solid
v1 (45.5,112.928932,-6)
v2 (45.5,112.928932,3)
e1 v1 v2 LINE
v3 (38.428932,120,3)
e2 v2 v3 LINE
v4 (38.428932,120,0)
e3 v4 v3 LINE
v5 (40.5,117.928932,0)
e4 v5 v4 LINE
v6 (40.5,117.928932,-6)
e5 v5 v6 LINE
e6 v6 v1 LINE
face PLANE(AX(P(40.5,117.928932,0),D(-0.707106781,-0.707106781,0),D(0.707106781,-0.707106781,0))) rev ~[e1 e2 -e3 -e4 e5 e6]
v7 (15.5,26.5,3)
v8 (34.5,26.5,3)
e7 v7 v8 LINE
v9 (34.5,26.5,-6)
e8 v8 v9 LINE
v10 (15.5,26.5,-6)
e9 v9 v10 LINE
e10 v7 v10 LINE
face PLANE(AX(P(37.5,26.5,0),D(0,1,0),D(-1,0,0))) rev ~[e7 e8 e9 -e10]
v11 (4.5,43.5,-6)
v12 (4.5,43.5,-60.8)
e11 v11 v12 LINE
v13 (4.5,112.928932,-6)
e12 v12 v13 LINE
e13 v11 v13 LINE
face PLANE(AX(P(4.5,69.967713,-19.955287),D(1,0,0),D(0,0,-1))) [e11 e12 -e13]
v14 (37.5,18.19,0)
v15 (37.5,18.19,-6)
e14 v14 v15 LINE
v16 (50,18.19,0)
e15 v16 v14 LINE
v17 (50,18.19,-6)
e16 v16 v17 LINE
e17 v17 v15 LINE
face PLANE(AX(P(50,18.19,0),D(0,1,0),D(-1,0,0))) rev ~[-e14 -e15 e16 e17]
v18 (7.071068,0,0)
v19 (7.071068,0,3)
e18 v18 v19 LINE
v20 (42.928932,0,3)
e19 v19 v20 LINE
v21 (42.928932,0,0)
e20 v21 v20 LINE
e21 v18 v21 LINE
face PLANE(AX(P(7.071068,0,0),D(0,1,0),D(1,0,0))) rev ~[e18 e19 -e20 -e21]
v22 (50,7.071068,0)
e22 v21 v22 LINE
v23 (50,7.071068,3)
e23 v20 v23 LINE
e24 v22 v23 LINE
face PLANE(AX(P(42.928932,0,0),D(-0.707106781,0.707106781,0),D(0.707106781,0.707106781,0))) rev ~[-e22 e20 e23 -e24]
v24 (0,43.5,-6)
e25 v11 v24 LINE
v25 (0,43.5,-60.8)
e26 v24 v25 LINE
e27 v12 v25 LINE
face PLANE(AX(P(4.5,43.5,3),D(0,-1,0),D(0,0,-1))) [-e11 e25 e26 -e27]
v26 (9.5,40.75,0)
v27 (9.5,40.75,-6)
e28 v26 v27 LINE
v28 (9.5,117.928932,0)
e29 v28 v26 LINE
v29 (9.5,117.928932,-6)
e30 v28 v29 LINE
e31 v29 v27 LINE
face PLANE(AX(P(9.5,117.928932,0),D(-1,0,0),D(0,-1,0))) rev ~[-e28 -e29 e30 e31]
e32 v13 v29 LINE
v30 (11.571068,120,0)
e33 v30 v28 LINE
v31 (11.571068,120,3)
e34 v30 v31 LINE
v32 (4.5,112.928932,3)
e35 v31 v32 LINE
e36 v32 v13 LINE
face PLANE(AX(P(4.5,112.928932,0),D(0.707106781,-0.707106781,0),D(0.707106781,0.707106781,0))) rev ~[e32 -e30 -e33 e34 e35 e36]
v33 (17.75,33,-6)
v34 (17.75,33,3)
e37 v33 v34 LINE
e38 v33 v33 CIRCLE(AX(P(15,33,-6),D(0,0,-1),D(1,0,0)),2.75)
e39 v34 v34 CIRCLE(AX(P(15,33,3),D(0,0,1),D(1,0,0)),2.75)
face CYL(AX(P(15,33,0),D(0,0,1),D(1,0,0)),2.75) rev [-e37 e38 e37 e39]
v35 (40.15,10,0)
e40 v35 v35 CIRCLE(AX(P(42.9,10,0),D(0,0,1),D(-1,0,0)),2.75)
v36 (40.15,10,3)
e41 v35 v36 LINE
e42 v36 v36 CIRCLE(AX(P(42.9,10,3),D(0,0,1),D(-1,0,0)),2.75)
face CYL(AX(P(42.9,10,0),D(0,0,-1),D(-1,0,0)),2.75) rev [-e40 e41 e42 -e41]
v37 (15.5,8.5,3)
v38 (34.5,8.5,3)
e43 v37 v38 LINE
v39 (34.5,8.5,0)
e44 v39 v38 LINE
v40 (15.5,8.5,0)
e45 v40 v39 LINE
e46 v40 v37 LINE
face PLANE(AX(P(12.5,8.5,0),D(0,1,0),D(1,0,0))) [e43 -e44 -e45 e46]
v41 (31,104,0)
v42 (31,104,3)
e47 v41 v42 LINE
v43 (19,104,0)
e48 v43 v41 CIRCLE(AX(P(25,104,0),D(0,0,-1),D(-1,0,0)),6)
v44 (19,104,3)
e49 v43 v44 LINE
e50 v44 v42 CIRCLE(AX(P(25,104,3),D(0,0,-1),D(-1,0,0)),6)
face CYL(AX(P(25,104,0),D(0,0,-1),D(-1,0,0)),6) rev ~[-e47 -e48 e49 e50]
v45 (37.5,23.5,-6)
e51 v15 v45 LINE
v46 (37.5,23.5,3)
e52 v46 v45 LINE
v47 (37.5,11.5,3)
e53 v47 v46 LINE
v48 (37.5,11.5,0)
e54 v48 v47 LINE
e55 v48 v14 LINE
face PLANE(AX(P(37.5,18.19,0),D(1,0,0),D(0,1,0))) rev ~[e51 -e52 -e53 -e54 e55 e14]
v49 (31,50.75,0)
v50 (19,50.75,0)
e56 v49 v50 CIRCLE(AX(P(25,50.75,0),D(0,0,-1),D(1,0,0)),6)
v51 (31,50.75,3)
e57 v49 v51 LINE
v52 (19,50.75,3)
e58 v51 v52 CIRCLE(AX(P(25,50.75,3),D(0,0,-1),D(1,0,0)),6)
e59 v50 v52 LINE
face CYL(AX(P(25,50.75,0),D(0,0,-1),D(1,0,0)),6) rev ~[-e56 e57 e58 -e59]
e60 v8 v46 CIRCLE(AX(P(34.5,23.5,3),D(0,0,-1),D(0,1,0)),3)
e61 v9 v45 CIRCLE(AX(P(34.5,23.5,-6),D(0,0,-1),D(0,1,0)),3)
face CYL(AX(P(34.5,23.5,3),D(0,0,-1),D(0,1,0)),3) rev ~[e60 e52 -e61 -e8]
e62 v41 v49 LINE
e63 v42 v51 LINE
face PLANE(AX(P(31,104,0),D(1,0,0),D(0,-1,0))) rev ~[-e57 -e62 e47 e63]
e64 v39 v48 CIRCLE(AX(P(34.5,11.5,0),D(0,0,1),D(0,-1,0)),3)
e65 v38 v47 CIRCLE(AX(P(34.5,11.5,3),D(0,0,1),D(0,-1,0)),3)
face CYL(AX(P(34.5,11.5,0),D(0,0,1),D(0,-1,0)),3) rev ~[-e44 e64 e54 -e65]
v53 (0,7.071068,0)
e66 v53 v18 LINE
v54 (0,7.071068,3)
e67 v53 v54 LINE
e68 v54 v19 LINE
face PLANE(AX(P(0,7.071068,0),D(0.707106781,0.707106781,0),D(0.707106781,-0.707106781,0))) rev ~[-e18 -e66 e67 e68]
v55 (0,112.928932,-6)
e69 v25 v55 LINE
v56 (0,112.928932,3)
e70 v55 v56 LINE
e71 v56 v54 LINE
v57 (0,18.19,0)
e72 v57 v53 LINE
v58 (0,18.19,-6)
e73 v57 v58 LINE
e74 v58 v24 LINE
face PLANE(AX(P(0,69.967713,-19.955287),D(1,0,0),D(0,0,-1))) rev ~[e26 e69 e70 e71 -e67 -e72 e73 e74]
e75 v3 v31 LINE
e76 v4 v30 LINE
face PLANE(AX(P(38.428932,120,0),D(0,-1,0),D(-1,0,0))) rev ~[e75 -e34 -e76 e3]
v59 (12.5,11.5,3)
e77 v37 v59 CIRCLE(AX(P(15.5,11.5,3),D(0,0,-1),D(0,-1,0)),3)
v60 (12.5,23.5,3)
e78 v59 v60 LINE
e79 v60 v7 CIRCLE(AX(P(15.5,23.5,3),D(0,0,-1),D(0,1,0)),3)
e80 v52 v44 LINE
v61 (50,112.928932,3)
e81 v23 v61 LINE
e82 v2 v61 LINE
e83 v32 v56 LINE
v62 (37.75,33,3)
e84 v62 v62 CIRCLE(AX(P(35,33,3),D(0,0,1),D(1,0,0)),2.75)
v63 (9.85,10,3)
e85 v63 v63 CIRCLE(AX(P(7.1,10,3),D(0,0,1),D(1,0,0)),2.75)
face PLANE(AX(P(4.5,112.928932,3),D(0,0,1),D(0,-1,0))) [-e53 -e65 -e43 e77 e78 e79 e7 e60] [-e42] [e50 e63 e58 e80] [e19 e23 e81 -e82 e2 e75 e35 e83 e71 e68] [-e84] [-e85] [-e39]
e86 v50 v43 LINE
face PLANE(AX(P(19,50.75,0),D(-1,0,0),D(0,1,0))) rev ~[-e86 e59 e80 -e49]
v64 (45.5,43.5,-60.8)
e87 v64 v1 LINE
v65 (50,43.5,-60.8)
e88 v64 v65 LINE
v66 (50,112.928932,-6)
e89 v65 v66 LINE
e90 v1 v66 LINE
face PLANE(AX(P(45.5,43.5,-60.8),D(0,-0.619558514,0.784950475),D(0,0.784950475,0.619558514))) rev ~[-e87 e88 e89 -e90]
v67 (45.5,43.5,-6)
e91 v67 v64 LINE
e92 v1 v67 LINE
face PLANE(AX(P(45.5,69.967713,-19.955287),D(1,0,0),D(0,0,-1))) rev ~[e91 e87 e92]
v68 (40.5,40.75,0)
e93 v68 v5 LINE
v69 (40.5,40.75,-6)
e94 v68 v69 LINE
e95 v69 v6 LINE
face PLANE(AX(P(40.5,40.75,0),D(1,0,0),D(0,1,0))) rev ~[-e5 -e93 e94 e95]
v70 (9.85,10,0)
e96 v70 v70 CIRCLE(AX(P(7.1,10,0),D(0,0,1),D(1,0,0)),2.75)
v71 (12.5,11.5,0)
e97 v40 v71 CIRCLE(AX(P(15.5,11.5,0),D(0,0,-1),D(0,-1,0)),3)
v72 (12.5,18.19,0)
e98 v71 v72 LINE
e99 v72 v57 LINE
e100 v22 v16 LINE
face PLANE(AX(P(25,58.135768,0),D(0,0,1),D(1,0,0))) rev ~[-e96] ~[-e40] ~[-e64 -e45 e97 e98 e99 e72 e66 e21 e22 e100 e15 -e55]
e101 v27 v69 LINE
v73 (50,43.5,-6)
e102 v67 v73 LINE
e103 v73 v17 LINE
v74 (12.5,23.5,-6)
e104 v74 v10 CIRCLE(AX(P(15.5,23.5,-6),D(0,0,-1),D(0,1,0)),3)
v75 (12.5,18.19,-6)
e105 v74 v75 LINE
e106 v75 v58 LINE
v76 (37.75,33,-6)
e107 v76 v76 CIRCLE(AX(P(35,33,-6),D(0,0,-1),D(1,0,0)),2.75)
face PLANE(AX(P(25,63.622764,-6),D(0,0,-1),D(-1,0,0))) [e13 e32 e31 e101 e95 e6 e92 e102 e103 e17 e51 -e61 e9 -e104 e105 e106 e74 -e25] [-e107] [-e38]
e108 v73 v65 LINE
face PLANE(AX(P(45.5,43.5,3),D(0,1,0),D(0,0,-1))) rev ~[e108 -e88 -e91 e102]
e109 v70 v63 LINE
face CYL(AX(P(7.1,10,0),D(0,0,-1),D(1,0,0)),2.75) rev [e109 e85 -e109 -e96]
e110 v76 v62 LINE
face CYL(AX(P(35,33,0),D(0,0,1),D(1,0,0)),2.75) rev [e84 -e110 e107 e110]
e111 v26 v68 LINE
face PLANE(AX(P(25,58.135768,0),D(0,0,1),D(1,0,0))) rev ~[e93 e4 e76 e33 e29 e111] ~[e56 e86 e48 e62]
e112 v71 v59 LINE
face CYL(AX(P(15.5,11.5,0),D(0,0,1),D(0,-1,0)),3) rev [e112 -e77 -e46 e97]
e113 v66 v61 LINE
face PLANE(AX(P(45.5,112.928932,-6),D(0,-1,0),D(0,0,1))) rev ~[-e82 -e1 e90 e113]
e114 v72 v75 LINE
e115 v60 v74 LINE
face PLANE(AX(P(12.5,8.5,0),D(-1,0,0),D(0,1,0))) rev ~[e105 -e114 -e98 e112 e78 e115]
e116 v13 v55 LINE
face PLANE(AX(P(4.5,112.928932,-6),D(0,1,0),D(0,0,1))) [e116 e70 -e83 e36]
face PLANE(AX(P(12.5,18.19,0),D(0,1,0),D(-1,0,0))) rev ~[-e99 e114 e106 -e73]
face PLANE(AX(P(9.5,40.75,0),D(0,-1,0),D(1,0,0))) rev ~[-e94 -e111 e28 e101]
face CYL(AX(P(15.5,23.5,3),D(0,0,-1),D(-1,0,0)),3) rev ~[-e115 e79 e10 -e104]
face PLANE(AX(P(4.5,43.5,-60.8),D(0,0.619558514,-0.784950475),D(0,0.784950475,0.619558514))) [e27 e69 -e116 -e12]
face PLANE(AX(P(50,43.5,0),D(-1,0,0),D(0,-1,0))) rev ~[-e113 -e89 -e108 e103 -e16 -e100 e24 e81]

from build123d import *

# Parameters (mm, degrees)
SKETCH1_R           = 2.75
SKETCH1_W           = 25
SKETCH1_H           = 18
BOSS_EXTRUDE1_DEPTH = 3
CUT_EXTRUDE1_REACH  = 132.035
SKETCH3_R           = 2.75
SKETCH2_R           = 2.75
BOSS_EXTRUDE2_DEPTH = 6
FILLET1_R           = 3
BOSS_EXTRUDE5_DEPTH = 4.5
BOSS_EXTRUDE6_DEPTH = 4.5


with BuildPart() as part:
    # Sketch1 → Boss-Extrude1 (new body)
    with BuildSketch(Plane.XY):
        Polygon((7.071067812, 0), (42.928932188, 0), (50, 7.071067812), (50, 43.5), (45.5, 48), (45.5, 112.928932188), (38.428932188, 120), (11.571067812, 120), (4.5, 112.928932188), (4.5, 48), (0, 43.5), (0, 7.071067812), align=None)
        with Locations((7.1, 10)):
            Circle(SKETCH1_R, mode=Mode.SUBTRACT)
        with Locations(Location((42.9, 10, 0), (0, 0, 180))):
            Circle(SKETCH1_R, mode=Mode.SUBTRACT)
        with BuildLine():
            Line((19, 50.75), (19, 104))
            ThreePointArc((19, 104), (25, 110), (31, 104))
            Line((31, 104), (31, 50.75))
            ThreePointArc((31, 50.75), (25, 44.75), (19, 50.75))
        make_face(mode=Mode.SUBTRACT)
        with Locations((25, 17.5)):
            Rectangle(SKETCH1_W, SKETCH1_H, mode=Mode.SUBTRACT)
    extrude(amount=BOSS_EXTRUDE1_DEPTH)

    # Sketch3 → Cut-Extrude1 (cut, up to next)
    with BuildSketch(Plane.XY.offset(3), mode=Mode.PRIVATE) as cut_extrude1_sk1:
        with Locations((15, 33)):
            Circle(SKETCH3_R)
    cut_extrude1_tool1 = extrude(cut_extrude1_sk1.sketch, amount=-CUT_EXTRUDE1_REACH, mode=Mode.PRIVATE) & part.part
    # Sketch3 → Cut-Extrude1 (cut, up to next)
    with BuildSketch(Plane.XY.offset(3), mode=Mode.PRIVATE) as cut_extrude1_sk2:
        with Locations((35, 33)):
            Circle(SKETCH3_R)
    cut_extrude1_tool2 = extrude(cut_extrude1_sk2.sketch, amount=-CUT_EXTRUDE1_REACH, mode=Mode.PRIVATE) & part.part
    add(cut_extrude1_tool1.solids().sort_by_distance((15, 33, 3))[0], mode=Mode.SUBTRACT)
    add(cut_extrude1_tool2.solids().sort_by_distance((35, 33, 3))[0], mode=Mode.SUBTRACT)

    # Sketch2 → Boss-Extrude2 (add)
    with BuildSketch(Plane(origin=(0, 0, 0), x_dir=(-1, 0, 0), z_dir=(0, 0, -1))):
        Polygon((-50, 18.19), (-37.5, 18.19), (-37.5, 26.5), (-12.5, 26.5), (-12.5, 18.19), (0, 18.19), (0, 43.5), (-4.5, 48), (-4.5, 112.928932188), (-9.5, 117.928932188), (-9.5, 40.75), (-40.5, 40.75), (-40.5, 117.928932188), (-45.5, 112.928932188), (-45.5, 48), (-50, 43.5), align=None)
        with Locations(Location((-35, 33, 0), (0, 0, 180))):
            Circle(SKETCH2_R, mode=Mode.SUBTRACT)
        with Locations(Location((-15, 33, 0), (0, 0, 180))):
            Circle(SKETCH2_R, mode=Mode.SUBTRACT)
    extrude(amount=BOSS_EXTRUDE2_DEPTH)

    # Fillet1
    fillet1_edges = [part.edges().sort_by_distance(p)[0] for p in [
        (37.5, 8.5, 1.5),
        (37.5, 26.5, -3),
        (12.5, 26.5, -3),
        (12.5, 8.5, 1.5),
    ]]
    fillet(fillet1_edges, radius=FILLET1_R)

    # Sketch4 → Boss-Extrude5 (add)
    with BuildSketch(Plane(origin=(45.5, 0, 0), x_dir=(0, 0, -1), z_dir=(1, 0, 0))):
        Polygon((-3, 43.5), (60.8, 43.5), (6, 112.928932188), (-3, 112.928932188), align=None)
    extrude(amount=BOSS_EXTRUDE5_DEPTH)

    # Sketch7 → Boss-Extrude6 (add)
    with BuildSketch(Plane.ZY.offset(-4.5)):
        Polygon((3, 112.928932188), (3, 43.5), (-60.8, 43.5), (-6, 112.928932188), align=None)
    extrude(amount=BOSS_EXTRUDE6_DEPTH)


solid = part.part
